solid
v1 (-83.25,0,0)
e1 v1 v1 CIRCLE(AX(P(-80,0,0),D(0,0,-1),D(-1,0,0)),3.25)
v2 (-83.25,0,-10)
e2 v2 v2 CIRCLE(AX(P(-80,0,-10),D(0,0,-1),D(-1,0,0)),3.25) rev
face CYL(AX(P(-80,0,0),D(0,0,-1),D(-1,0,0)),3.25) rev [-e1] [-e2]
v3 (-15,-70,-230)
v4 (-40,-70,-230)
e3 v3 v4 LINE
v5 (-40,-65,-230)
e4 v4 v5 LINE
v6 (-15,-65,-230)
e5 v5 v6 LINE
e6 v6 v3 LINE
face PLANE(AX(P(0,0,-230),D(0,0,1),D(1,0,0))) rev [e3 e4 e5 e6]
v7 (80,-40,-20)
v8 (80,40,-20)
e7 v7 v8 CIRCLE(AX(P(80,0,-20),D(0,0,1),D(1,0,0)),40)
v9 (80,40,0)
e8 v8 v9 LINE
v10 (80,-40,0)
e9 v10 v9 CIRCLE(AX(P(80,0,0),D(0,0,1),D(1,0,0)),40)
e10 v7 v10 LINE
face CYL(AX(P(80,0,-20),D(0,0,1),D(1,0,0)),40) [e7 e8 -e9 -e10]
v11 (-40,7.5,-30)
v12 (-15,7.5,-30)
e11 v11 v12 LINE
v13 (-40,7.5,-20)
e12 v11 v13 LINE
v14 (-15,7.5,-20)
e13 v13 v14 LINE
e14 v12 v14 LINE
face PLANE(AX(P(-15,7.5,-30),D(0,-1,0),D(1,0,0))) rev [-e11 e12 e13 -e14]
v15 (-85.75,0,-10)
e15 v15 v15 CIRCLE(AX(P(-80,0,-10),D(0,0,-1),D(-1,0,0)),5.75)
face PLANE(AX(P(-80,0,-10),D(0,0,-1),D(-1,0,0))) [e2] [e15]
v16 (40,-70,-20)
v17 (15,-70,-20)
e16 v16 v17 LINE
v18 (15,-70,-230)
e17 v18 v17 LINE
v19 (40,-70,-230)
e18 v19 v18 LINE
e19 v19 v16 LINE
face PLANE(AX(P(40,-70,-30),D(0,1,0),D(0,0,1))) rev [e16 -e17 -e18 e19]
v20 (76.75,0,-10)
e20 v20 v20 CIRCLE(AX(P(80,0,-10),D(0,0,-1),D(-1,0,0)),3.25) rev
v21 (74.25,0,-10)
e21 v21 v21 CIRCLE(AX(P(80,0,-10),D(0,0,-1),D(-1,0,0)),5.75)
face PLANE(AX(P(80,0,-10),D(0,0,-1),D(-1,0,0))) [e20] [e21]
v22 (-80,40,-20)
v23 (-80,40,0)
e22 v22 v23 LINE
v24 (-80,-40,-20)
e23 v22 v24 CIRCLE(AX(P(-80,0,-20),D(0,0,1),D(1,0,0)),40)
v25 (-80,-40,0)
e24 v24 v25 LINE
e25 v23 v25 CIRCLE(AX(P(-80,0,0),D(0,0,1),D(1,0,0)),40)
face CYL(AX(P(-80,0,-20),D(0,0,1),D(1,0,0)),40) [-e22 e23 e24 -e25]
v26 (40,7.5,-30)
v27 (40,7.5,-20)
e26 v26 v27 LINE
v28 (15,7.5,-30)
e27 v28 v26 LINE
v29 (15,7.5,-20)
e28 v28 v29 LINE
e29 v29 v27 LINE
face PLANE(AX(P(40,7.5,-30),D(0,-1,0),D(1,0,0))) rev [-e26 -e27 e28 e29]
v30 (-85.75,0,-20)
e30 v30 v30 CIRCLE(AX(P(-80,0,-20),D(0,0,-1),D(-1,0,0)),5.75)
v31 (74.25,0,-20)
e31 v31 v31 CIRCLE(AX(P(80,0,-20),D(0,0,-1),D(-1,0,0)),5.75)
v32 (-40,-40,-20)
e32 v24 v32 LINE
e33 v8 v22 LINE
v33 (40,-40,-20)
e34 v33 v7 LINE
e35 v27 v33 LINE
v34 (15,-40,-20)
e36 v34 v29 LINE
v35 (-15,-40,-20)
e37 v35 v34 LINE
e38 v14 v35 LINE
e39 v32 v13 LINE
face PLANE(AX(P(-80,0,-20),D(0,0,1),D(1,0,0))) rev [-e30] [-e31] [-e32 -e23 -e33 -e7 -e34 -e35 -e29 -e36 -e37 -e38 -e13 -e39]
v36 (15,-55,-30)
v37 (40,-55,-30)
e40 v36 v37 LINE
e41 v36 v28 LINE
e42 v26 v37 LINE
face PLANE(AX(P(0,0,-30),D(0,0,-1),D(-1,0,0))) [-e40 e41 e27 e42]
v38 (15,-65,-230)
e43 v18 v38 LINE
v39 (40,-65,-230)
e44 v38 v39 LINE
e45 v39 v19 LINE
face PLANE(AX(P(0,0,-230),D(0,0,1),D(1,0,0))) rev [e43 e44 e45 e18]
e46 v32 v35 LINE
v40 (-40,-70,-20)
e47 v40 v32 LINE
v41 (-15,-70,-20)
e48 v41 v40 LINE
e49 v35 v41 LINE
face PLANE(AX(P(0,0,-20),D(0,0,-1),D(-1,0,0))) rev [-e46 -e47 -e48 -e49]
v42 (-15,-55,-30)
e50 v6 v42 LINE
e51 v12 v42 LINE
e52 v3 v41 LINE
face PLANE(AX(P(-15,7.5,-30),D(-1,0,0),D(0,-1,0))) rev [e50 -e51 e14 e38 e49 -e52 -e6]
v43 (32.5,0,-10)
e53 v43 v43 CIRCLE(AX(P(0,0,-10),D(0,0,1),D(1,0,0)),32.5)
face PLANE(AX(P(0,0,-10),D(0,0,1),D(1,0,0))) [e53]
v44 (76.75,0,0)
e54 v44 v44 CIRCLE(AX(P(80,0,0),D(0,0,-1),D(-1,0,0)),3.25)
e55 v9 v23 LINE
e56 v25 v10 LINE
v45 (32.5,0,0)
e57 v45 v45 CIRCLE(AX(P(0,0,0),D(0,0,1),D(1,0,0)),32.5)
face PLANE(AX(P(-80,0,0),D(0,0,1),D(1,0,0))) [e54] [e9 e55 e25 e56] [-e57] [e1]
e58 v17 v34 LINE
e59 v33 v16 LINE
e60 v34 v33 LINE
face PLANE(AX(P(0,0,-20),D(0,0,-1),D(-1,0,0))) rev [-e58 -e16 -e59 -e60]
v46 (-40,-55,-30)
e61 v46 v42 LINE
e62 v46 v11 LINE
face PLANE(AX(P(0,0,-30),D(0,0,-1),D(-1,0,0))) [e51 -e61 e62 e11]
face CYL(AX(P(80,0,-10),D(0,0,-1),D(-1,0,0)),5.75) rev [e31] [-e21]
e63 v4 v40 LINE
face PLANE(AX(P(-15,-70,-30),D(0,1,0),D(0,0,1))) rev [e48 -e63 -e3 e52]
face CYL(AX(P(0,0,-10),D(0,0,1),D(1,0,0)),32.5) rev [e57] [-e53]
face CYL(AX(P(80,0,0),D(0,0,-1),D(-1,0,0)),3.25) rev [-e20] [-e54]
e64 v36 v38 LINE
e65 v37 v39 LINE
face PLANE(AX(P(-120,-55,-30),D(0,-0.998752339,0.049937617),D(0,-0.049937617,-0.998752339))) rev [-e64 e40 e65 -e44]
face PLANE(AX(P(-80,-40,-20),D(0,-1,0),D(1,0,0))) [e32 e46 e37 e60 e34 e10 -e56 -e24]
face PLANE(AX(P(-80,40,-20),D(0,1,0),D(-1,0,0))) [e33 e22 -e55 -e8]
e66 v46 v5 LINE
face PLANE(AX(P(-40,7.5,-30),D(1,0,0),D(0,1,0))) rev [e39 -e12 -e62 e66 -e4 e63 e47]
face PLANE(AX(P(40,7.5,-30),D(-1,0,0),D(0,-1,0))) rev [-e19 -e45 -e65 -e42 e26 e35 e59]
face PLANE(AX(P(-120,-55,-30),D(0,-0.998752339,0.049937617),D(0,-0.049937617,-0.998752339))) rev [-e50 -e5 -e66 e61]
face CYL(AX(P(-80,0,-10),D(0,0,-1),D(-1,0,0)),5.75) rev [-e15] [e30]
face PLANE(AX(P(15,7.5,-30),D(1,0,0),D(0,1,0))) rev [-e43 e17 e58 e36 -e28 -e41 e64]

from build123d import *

# Parameters (mm, degrees)
EXTRUDE_1_DEPTH     = 20
SKETCH_4_R          = 32.5
CUT_EXTRUDE_4_DEPTH = 10
SKETCH_10_W         = 25
SKETCH_10_H         = 77.5
EXTRUDE_5_DEPTH     = 10
SKETCH_14_W         = 25
SKETCH_14_H         = 15
EXTRUDE_6_DEPTH     = 200
CUT_EXTRUDE_5_DEPTH = 161
SKETCH_16_R         = 3.25
CUT_EXTRUDE_6_DEPTH = 21
SKETCH_17_R         = 5.75
CUT_EXTRUDE_7_DEPTH = 10


with BuildPart() as part:
    # 스케치3 → 보스-돌출1 (new body)
    with BuildSketch(Plane.XY):
        with BuildLine():
            Line((-80, 40), (80, 40))
            ThreePointArc((80, 40), (120, 0), (80, -40))
            Line((80, -40), (-80, -40))
            ThreePointArc((-80, -40), (-120, 0), (-80, 40))
        make_face()
    extrude(amount=-EXTRUDE_1_DEPTH)

    # 스케치4 → 컷-돌출4 (cut)
    with BuildSketch(Plane.XY):
        Circle(SKETCH_4_R)
    extrude(amount=-CUT_EXTRUDE_4_DEPTH, mode=Mode.SUBTRACT)

    # 스케치10 → 보스-돌출5 (add)
    with BuildSketch(Plane(origin=(0, 0, -20), x_dir=(-1, 0, 0), z_dir=(0, 0, -1))):
        with Locations((-27.5, -31.25)):
            Rectangle(SKETCH_10_W, SKETCH_10_H)
        with Locations((27.5, -31.25)):
            Rectangle(SKETCH_10_W, SKETCH_10_H)
    extrude(amount=EXTRUDE_5_DEPTH)

    # 스케치14 → 보스-돌출6 (add)
    with BuildSketch(Plane(origin=(0, 0, -30), x_dir=(-1, 0, 0), z_dir=(0, 0, -1))):
        with Locations((-27.5, -62.5)):
            Rectangle(SKETCH_14_W, SKETCH_14_H)
        with Locations((27.5, -62.5)):
            Rectangle(SKETCH_14_W, SKETCH_14_H)
    extrude(amount=EXTRUDE_6_DEPTH)

    # 스케치15 → 컷-돌출5 (cut, through all)
    with BuildSketch(Plane(origin=(40, 0, 0), x_dir=(0, 0, -1), z_dir=(1, 0, 0))):
        Polygon((30, -55), (230, -65), (230, -55), align=None)
    extrude(amount=-CUT_EXTRUDE_5_DEPTH, mode=Mode.SUBTRACT)

    # 스케치16 → 컷-돌출6 (cut, through all)
    with BuildSketch(Plane(origin=(0, 0, -20), x_dir=(-1, 0, 0), z_dir=(0, 0, -1))):
        with Locations((-80, 0)):
            Circle(SKETCH_16_R)
        with Locations((80, 0)):
            Circle(SKETCH_16_R)
    extrude(amount=-CUT_EXTRUDE_6_DEPTH, mode=Mode.SUBTRACT)

    # 스케치17 → 컷-돌출7 (cut)
    with BuildSketch(Plane(origin=(0, 0, -20), x_dir=(-1, 0, 0), z_dir=(0, 0, -1))):
        with Locations((-80, 0)):
            Circle(SKETCH_17_R)
        with Locations((80, 0)):
            Circle(SKETCH_17_R)
    extrude(amount=-CUT_EXTRUDE_7_DEPTH, mode=Mode.SUBTRACT)


solid = part.part
